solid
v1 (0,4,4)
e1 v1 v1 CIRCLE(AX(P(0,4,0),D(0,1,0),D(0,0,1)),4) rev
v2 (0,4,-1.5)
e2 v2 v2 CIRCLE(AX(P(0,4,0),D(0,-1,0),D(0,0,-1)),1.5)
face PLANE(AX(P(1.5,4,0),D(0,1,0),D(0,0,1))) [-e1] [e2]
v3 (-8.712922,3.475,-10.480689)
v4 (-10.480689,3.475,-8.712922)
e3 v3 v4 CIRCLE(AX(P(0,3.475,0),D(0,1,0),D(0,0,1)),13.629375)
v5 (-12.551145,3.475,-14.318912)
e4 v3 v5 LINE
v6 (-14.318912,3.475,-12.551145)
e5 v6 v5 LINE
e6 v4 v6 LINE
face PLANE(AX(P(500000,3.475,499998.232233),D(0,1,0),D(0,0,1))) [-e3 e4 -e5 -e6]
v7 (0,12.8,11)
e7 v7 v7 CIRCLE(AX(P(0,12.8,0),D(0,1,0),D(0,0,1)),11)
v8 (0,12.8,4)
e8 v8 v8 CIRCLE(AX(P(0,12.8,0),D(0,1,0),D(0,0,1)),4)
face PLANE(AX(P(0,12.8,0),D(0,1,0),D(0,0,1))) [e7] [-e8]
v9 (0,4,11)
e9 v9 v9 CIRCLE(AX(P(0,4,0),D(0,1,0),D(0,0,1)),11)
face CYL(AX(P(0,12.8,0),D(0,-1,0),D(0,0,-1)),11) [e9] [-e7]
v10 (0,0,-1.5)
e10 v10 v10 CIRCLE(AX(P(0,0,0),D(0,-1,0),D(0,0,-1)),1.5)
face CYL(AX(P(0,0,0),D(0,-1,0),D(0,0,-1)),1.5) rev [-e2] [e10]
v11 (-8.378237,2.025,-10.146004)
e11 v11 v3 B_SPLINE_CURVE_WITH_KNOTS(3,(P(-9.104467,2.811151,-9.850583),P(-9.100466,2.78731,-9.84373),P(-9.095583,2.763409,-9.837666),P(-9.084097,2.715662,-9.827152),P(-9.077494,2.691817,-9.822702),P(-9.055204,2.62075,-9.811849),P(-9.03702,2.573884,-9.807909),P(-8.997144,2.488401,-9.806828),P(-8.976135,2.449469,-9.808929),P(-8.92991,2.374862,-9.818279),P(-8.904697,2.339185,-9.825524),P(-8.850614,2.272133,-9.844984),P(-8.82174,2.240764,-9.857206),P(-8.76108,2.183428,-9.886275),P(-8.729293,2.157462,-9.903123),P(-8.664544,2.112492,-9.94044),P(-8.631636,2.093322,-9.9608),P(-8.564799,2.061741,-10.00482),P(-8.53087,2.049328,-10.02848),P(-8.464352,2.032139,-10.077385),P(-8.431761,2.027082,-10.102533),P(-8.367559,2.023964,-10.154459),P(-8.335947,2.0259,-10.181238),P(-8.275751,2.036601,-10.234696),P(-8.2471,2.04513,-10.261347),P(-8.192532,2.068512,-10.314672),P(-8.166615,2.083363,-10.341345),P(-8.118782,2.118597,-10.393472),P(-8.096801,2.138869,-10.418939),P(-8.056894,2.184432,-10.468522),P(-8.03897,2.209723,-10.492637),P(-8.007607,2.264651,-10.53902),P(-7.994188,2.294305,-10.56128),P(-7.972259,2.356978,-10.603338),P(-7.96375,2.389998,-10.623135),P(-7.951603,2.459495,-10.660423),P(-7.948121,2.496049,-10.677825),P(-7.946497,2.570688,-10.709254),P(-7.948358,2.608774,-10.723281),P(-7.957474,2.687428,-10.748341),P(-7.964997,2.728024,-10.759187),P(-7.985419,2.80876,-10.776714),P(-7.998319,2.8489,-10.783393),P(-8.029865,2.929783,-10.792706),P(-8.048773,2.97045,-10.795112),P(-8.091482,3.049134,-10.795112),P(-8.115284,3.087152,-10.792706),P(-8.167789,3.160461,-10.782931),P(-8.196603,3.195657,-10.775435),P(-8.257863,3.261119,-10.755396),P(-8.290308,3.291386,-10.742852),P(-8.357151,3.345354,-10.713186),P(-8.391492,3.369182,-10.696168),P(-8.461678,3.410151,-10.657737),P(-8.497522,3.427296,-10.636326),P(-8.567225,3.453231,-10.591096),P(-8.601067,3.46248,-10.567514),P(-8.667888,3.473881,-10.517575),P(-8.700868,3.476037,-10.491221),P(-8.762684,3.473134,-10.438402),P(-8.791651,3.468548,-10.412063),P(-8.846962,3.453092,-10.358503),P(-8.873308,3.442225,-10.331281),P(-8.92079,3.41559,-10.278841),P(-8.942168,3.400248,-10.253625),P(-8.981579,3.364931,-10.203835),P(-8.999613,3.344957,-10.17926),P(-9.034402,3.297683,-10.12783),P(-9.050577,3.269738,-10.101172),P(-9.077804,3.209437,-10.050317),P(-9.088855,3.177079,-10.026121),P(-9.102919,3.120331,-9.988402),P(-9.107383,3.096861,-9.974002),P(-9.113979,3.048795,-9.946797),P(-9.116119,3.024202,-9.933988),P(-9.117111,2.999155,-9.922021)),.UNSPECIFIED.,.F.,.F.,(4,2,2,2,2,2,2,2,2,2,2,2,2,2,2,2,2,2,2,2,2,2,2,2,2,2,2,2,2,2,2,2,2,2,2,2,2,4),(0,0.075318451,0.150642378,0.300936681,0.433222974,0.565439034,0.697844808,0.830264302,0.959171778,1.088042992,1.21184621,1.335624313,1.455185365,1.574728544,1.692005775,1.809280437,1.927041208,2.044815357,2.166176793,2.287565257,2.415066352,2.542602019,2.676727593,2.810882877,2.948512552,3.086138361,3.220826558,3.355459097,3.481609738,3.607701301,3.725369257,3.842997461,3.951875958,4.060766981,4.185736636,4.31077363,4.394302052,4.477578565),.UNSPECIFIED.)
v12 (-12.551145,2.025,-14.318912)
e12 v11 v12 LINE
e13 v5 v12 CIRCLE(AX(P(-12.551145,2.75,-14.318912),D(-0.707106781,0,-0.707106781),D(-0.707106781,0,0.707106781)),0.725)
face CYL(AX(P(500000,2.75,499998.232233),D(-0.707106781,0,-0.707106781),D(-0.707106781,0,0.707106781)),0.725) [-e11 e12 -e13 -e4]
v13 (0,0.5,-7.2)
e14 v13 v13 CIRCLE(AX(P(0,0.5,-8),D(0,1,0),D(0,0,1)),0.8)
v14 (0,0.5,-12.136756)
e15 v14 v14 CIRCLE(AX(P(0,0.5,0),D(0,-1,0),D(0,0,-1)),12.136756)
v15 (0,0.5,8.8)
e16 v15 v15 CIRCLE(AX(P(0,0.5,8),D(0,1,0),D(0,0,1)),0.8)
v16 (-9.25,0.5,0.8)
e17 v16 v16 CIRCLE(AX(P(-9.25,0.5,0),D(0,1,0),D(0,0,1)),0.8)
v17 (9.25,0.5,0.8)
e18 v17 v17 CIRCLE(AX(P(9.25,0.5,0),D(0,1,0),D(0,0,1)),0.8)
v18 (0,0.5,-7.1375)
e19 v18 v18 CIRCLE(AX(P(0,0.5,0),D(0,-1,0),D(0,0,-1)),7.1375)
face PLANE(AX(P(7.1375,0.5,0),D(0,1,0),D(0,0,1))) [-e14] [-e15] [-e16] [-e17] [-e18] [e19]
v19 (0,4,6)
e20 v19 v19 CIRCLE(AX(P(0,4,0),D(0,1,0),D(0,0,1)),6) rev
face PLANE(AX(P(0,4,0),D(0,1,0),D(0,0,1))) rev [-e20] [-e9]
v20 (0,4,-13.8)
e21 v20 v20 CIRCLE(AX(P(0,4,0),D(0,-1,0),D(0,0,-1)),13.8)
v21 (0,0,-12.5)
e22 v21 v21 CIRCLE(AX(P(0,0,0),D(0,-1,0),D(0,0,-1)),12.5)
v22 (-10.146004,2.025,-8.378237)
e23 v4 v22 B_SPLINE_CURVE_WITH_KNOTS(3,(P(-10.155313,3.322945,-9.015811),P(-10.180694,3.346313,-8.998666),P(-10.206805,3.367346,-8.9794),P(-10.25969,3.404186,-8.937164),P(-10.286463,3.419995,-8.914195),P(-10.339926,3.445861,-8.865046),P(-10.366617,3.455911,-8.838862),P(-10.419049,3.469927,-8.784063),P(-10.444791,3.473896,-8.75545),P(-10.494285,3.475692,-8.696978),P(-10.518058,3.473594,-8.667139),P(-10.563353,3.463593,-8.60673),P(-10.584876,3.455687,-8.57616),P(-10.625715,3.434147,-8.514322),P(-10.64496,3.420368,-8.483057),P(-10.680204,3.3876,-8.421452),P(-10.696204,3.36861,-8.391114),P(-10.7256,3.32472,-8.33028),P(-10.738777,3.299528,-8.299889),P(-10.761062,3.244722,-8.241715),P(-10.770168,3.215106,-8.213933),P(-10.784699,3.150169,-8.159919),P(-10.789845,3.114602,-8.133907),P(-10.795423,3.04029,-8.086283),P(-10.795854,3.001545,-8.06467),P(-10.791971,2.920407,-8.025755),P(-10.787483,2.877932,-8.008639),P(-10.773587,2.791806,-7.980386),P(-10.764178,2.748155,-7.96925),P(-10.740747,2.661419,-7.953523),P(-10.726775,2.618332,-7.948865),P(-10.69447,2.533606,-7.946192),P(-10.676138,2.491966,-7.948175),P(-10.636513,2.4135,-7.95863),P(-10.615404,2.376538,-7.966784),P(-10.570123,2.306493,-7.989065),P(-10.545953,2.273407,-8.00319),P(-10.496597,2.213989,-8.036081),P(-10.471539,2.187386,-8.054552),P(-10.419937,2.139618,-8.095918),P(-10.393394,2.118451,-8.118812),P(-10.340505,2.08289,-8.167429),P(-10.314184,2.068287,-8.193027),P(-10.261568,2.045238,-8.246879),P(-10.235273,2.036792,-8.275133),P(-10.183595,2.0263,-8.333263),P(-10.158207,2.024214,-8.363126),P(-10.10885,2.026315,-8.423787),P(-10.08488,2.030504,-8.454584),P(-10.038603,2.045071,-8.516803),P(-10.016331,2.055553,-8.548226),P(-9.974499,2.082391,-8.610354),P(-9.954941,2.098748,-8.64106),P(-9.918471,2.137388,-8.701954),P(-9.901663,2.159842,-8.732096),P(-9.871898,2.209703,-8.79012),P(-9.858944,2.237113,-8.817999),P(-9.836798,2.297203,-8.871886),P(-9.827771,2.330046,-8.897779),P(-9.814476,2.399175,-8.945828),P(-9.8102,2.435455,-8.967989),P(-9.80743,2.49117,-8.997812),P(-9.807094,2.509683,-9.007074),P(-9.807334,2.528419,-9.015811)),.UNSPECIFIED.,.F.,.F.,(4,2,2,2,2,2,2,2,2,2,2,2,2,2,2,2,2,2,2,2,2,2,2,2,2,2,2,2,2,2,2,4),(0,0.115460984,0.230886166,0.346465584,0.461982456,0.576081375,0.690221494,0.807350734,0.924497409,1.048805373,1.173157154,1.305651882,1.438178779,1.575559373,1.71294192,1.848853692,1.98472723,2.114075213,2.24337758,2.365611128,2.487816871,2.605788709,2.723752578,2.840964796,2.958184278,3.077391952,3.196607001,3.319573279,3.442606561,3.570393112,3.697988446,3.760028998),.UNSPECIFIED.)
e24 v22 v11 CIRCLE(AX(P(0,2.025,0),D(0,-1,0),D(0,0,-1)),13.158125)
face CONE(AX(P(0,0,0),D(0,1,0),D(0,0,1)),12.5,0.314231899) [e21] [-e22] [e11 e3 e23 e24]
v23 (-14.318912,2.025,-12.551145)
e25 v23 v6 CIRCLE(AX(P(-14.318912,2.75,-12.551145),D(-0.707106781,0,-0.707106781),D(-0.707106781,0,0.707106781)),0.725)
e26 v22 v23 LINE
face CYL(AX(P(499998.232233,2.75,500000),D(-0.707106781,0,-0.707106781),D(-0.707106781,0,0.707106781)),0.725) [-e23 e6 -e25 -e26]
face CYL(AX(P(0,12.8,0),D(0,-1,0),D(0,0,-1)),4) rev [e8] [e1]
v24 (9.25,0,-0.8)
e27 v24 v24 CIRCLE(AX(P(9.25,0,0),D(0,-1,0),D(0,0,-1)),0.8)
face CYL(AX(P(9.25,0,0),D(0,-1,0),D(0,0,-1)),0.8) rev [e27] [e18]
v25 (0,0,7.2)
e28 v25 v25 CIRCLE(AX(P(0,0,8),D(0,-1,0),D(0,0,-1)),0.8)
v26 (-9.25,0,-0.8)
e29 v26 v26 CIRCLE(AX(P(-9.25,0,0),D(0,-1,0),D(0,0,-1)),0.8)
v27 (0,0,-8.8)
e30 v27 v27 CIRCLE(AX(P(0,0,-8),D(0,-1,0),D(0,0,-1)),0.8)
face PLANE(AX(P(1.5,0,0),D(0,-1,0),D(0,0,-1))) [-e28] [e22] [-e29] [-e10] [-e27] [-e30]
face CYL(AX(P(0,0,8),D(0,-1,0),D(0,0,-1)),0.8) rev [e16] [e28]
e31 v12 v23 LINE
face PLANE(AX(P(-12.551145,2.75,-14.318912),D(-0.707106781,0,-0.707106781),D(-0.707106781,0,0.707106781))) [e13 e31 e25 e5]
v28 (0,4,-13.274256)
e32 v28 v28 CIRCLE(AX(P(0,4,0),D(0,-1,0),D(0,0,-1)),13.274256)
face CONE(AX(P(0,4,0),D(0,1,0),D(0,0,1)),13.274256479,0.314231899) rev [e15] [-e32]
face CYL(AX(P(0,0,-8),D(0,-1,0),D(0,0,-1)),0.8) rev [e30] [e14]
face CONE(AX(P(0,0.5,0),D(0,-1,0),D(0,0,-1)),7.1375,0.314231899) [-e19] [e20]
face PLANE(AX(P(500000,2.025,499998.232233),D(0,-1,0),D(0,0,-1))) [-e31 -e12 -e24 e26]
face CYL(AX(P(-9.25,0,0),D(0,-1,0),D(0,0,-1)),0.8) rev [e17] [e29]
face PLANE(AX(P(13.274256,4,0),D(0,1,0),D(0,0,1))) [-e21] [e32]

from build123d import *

# Parameters (mm, degrees)
SKETCH2_R                       = 11
SKETCH2_R_2                     = 4
BOSS_EXTRUDE1_DEPTH             = 8.8
M2X0_4_TAPPED_HOLE1_D           = 1.6
M2X0_4_TAPPED_HOLE1_DEPTH       = 0.5
BOSS_EXTRUDE3_START             = 14
BOSS_EXTRUDE3_DEPTH             = 5
BOSS_EXTRUDE3_DIRECTION_2_REACH = 39.339


with BuildPart() as part:
    # Sketch1 → Revolve1 (revolve)
    with BuildSketch(Plane.XY, mode=Mode.PRIVATE) as revolve1_sk:
        Polygon((1.5, 4), (1.5, 0), (12.5, 0), (13.8, 4), (13.274256479, 4), (12.136756479, 0.5), (7.1375, 0.5), (6, 4), align=None)
    revolve(revolve1_sk.sketch.rotate(Axis((0, 0, 0), (0, 1, 0)), 90), axis=Axis((0, 0, 0), (0, 1, 0)))

    # Sketch2 → Boss-Extrude1 (add)
    with BuildSketch(Plane(origin=(0, 4, 0), x_dir=(1, 0, 0), z_dir=(0, 1, 0))):
        with Locations(Location((0, 0, 0), (0, 0, 270))):
            Circle(SKETCH2_R)
        with Locations(Location((0, 0, 0), (0, 0, 270))):
            Circle(SKETCH2_R_2, mode=Mode.SUBTRACT)
    extrude(amount=BOSS_EXTRUDE1_DEPTH)

    # M2x0.4 Tapped Hole1
    with Locations(Plane(origin=(0, 0, 0), x_dir=(-1, 0, 0), z_dir=(0, -1, 0))):
        with Locations((0, 8), (0, -8), (-9.25, 0), (9.25, 0)):
            Hole(M2X0_4_TAPPED_HOLE1_D / 2, depth=M2X0_4_TAPPED_HOLE1_DEPTH)

    # Sketch6 → Boss-Extrude3 (add)
    with BuildSketch(Plane(origin=(0, 0, 0), x_dir=(-0.7071067811865477, 0, 0.7071067811865475), z_dir=(-0.7071067811865475, 0, -0.7071067811865477)).offset(BOSS_EXTRUDE3_START)):
        with BuildLine():
            Line((-1.25, 3.475), (1.25, 3.475))
            ThreePointArc((1.25, 3.475), (1.975, 2.75), (1.25, 2.025))
            Line((1.25, 2.025), (-1.25, 2.025))
            ThreePointArc((-1.25, 2.025), (-1.975, 2.75), (-1.25, 3.475))
        make_face()
    extrude(amount=BOSS_EXTRUDE3_DEPTH)

    # Sketch6 → Boss-Extrude3 direction 2 (add, up to next)
    with BuildSketch(Plane(origin=(0, 0, 0), x_dir=(-0.7071067811865477, 0, 0.7071067811865475), z_dir=(-0.7071067811865475, 0, -0.7071067811865477)).offset(BOSS_EXTRUDE3_START), mode=Mode.PRIVATE) as boss_extrude3_direction_2_sk1:
        with BuildLine():
            Line((-1.25, 3.475), (1.25, 3.475))
            ThreePointArc((1.25, 3.475), (1.975, 2.75), (1.25, 2.025))
            Line((1.25, 2.025), (-1.25, 2.025))
            ThreePointArc((-1.25, 2.025), (-1.975, 2.75), (-1.25, 3.475))
        make_face()
    boss_extrude3_direction_2_tool1 = extrude(boss_extrude3_direction_2_sk1.sketch, amount=-BOSS_EXTRUDE3_DIRECTION_2_REACH, mode=Mode.PRIVATE) - part.part
    add(boss_extrude3_direction_2_tool1.solids().sort_by_distance((-9.899495, 2.75, -9.899495))[0])


solid = part.part
